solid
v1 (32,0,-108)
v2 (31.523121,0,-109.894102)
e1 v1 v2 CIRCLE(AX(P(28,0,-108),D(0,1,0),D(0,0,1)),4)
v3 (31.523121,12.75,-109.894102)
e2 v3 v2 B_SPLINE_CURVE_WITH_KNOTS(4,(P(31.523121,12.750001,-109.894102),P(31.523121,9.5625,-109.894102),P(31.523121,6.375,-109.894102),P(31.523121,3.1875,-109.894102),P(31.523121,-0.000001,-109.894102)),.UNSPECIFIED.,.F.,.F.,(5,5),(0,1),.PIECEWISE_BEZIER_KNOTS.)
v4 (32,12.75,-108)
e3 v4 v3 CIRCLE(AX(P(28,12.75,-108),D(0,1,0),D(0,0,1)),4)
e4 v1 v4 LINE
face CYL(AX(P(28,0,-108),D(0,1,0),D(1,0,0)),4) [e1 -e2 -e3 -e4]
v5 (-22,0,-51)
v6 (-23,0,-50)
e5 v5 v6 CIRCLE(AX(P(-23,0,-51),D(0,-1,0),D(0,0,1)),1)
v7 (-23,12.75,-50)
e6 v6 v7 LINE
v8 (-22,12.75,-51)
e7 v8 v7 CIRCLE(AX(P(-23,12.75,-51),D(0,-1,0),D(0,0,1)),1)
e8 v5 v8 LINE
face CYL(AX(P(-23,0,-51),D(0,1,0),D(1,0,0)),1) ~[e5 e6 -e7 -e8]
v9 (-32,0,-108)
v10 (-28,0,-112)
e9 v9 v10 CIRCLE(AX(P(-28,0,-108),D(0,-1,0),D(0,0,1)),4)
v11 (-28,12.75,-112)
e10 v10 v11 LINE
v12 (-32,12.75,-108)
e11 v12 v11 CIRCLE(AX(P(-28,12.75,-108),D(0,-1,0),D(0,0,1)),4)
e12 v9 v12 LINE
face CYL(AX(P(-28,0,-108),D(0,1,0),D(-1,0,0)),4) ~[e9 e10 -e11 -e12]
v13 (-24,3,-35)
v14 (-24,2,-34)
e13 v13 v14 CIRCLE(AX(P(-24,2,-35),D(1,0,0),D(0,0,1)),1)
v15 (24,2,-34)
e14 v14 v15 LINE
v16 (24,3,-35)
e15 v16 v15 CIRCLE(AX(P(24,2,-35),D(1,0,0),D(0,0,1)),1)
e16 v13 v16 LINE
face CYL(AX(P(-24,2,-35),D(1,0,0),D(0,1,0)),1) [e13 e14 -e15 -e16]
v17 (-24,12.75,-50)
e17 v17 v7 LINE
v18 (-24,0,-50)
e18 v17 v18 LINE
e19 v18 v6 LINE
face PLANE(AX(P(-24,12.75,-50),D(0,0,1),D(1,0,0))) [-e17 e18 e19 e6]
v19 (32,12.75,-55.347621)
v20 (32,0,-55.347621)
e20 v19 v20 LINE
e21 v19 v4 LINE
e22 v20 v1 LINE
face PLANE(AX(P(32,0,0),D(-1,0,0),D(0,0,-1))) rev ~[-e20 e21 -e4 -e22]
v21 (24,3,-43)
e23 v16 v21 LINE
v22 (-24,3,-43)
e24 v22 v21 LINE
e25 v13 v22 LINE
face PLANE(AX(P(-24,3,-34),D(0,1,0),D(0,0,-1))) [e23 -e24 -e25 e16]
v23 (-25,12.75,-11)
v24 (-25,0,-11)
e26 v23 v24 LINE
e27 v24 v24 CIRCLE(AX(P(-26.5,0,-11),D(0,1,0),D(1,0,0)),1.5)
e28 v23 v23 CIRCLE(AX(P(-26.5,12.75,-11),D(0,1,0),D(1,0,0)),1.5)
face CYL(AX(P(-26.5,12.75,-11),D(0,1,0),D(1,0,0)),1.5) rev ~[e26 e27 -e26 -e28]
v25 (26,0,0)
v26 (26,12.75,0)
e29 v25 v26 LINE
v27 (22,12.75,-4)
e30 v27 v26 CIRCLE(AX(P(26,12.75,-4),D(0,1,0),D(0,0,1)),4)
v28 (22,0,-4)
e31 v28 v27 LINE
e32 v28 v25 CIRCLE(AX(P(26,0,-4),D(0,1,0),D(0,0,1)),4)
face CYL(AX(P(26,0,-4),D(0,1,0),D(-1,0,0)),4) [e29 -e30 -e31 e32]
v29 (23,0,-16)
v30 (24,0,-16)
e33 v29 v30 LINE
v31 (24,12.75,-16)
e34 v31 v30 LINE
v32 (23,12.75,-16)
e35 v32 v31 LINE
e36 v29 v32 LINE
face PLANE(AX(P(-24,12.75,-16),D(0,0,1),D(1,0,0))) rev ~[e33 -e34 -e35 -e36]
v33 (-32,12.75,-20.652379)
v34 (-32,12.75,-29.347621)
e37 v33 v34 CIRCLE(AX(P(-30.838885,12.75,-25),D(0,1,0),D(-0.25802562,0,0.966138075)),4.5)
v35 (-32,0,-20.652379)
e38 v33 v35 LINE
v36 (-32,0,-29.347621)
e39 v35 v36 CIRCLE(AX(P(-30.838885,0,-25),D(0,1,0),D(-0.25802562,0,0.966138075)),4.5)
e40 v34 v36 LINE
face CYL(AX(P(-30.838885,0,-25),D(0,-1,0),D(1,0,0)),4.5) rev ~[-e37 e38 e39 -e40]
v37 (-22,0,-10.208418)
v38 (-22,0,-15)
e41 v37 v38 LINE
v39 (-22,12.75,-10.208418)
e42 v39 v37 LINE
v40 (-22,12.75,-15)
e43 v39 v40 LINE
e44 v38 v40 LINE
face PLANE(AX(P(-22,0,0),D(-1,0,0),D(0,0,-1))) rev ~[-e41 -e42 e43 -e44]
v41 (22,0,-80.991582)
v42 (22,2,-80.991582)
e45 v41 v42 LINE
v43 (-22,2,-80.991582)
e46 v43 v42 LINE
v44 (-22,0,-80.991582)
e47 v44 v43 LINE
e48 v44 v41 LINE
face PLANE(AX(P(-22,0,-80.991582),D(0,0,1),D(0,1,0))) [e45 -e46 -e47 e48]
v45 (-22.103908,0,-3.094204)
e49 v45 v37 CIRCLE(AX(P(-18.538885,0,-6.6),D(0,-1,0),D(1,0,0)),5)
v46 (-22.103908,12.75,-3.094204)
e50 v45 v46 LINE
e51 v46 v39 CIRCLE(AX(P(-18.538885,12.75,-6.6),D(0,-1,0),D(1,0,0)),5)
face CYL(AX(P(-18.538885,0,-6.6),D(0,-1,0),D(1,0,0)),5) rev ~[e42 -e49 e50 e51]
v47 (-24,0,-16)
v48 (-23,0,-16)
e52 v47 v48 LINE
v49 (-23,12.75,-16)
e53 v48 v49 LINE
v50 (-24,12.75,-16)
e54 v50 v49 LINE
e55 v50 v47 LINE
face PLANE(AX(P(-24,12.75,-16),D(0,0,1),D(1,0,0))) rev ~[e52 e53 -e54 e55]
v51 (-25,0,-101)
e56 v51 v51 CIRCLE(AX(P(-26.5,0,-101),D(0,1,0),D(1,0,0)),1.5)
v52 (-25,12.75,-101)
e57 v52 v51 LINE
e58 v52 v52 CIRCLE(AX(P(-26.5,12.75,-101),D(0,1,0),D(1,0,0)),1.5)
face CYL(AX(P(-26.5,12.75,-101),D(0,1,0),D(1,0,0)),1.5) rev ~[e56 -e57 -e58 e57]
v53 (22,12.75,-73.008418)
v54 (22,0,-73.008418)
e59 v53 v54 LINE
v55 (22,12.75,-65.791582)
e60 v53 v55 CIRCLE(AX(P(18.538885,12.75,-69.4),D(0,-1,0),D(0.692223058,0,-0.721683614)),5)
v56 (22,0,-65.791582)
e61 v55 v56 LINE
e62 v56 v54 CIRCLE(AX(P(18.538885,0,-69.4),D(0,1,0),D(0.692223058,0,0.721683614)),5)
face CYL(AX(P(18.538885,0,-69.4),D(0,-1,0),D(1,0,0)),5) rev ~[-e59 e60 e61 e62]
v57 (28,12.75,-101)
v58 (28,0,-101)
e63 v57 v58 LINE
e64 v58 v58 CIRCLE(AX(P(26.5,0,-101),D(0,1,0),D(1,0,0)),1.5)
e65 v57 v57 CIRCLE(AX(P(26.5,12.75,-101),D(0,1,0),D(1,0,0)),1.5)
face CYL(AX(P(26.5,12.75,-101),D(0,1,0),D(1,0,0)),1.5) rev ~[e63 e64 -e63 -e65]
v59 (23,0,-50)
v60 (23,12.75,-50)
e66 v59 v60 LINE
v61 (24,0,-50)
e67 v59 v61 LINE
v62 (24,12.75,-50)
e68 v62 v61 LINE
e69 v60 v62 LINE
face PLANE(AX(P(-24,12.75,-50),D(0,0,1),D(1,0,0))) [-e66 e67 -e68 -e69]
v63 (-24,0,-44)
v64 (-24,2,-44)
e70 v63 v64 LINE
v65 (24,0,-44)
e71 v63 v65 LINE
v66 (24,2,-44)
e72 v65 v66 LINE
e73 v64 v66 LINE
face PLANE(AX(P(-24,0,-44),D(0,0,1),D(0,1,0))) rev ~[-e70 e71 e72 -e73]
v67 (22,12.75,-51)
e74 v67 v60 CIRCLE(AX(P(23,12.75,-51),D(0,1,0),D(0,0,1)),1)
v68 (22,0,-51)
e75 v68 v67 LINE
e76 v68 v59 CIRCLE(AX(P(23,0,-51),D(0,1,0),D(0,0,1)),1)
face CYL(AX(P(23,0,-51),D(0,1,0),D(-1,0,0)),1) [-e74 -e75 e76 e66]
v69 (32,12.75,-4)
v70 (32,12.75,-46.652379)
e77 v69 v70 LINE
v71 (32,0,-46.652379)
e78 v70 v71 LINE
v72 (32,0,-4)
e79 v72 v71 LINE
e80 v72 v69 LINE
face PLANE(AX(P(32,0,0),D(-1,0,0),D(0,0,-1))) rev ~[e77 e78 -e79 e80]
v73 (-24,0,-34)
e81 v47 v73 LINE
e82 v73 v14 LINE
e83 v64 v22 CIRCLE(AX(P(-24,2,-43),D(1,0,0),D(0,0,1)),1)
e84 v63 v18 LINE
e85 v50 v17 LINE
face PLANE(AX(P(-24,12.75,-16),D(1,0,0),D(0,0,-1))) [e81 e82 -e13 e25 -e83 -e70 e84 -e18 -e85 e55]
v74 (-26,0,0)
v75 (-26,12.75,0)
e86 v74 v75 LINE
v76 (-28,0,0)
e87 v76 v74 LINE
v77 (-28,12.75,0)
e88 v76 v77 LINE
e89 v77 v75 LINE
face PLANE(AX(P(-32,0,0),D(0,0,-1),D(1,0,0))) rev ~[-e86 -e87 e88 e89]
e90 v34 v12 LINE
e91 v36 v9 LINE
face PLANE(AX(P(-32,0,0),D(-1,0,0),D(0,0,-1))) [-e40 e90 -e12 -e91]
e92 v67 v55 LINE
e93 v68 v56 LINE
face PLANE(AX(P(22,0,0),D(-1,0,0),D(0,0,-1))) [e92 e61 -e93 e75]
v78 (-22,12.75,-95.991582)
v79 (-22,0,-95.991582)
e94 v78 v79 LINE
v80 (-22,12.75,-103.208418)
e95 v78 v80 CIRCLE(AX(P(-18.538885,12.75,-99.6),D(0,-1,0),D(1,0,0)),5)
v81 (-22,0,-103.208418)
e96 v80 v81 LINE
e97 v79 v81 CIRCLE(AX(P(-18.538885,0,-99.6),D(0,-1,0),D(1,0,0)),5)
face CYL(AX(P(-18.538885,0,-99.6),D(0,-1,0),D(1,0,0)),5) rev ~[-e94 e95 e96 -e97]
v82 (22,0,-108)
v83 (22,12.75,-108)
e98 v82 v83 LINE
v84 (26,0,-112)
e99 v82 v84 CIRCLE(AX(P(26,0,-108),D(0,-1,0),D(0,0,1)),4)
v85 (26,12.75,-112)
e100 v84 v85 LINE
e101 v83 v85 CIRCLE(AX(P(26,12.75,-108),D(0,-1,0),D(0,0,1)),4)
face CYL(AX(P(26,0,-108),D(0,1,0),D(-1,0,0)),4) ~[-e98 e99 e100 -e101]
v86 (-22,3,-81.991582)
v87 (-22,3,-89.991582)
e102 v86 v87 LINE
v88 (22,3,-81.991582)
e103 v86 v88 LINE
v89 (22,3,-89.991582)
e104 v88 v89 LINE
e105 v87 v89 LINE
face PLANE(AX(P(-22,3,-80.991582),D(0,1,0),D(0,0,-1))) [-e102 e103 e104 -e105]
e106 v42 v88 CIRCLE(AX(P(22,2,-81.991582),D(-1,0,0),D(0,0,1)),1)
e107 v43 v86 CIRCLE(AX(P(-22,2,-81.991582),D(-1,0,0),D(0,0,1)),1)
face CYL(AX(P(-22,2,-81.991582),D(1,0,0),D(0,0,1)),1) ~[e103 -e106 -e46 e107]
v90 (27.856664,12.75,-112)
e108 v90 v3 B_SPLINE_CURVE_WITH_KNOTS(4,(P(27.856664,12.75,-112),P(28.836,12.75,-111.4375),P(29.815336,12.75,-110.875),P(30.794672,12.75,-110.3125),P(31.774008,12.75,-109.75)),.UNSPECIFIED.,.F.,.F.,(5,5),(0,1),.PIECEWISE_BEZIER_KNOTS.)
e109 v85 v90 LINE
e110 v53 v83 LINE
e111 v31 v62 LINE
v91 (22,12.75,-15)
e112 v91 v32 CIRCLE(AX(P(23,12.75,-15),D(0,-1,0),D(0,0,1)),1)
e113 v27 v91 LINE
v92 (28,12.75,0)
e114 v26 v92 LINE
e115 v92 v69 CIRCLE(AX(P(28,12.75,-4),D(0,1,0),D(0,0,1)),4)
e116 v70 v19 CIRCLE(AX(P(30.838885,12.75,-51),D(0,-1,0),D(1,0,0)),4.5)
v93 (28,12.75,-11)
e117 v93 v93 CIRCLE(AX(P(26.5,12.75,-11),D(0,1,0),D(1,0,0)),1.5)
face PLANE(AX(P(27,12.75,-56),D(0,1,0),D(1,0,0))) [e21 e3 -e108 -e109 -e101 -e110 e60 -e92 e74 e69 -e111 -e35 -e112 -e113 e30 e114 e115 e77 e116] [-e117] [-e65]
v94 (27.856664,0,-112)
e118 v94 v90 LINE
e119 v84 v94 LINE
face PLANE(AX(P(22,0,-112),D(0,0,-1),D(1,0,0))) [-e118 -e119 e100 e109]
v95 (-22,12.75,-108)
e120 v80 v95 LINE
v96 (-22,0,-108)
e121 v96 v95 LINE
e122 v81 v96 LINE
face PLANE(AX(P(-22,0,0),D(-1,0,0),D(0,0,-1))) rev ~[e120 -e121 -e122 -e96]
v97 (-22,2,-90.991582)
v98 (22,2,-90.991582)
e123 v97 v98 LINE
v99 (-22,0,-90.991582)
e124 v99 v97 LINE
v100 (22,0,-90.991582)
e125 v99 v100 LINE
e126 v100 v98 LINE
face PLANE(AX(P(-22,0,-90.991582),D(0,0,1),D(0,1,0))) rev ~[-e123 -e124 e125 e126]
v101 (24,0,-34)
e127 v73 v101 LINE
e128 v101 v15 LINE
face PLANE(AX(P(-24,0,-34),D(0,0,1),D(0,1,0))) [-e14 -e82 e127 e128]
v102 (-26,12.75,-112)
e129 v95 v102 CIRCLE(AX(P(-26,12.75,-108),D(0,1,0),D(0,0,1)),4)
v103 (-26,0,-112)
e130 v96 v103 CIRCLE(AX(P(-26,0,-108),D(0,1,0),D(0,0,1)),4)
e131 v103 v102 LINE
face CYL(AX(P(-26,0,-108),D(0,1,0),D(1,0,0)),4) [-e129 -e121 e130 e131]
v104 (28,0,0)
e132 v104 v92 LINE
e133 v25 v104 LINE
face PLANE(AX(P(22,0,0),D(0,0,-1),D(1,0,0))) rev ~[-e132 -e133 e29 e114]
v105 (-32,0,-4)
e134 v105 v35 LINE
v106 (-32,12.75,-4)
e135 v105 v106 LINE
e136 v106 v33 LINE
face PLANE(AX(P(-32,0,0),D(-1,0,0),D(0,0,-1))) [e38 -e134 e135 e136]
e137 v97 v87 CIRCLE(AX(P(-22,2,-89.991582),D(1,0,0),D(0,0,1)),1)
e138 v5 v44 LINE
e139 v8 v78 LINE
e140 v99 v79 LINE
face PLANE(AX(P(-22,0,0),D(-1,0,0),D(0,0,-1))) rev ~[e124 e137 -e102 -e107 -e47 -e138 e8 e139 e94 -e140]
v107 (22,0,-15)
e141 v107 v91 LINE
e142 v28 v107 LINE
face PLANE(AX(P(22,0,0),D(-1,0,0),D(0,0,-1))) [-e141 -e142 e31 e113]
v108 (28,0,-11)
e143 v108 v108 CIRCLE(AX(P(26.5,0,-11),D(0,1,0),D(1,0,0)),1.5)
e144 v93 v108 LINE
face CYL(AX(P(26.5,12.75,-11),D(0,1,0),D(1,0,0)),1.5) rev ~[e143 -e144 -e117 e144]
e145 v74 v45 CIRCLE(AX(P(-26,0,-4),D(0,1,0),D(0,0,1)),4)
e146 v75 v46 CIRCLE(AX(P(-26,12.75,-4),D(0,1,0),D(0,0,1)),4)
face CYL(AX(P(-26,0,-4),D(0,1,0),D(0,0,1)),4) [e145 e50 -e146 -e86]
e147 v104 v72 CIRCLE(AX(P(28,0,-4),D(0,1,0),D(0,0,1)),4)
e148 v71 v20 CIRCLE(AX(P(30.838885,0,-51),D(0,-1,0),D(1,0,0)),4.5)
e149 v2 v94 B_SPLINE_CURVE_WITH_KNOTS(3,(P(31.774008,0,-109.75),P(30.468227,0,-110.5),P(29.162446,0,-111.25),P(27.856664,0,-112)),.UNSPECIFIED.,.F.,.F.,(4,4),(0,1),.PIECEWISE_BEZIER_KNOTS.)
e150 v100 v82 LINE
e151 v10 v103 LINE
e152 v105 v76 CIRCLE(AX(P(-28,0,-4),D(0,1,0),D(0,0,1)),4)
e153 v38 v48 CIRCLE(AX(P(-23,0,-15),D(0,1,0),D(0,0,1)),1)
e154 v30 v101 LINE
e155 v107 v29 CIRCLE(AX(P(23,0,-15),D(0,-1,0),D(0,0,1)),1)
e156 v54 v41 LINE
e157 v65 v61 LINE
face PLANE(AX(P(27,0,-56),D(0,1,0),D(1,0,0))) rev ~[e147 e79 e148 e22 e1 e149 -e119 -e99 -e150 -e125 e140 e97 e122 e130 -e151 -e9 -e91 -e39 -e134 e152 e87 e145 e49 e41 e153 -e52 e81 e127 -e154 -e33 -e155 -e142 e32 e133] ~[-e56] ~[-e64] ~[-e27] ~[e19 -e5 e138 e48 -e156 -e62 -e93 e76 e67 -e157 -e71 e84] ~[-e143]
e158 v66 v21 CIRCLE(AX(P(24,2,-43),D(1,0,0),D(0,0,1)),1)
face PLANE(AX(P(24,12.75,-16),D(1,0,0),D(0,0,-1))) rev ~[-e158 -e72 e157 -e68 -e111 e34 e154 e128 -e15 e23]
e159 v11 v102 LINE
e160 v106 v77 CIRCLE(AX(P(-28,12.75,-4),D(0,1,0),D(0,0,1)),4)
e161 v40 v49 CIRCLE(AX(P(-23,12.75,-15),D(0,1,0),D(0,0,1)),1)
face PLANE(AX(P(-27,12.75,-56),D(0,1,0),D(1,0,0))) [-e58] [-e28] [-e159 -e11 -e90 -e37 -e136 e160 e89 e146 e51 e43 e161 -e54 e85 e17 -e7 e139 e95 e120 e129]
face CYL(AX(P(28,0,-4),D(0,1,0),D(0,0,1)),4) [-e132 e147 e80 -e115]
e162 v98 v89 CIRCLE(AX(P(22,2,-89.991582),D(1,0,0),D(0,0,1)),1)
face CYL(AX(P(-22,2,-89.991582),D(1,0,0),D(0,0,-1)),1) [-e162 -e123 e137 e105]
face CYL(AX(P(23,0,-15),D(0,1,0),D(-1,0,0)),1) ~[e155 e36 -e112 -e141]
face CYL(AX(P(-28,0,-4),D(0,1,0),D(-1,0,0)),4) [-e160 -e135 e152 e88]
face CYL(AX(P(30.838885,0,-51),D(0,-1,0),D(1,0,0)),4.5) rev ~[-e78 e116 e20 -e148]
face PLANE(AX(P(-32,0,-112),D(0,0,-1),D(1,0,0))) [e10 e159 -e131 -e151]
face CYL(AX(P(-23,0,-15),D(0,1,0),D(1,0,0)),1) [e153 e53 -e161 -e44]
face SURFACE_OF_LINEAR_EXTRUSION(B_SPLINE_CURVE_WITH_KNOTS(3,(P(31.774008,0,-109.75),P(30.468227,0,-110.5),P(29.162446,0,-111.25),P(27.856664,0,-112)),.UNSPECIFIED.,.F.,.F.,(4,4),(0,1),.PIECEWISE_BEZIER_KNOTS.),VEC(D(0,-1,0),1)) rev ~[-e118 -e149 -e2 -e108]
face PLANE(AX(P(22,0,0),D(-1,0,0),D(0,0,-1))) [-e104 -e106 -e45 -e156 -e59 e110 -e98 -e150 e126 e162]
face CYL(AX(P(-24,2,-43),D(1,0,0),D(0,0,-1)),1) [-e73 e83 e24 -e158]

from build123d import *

# Parameters (mm, degrees)
SKETCH1_W             = 10
SKETCH1_H             = 112
BOSS_EXTRUDE1_DEPTH   = 12.75
BOSS_EXTRUDE1_2_DEPTH = 12.75
FILLET1_R             = 4
FILLET2_R             = 4
SKETCH2_R             = 1.5
SKETCH2_R_2           = 3
CUT_EXTRUDE1_DEPTH    = 13.75
SKETCH3_W             = 48
SKETCH3_H             = 34
CUT_EXTRUDE2_DEPTH    = 12.75
SKETCH4_R             = 5
SKETCH4_R_2           = 4.5
CUT_EXTRUDE3_DEPTH    = 13.75
SKETCH5_W             = 10
SKETCH5_H             = 3
BOSS_EXTRUDE2_DEPTH   = 44
BOSS_EXTRUDE3_REACH   = 58
SKETCH6_W             = 10
SKETCH6_H             = 3
FILLET3_R             = 1


with BuildPart() as part:
    # Sketch1 → Boss-Extrude1 (new body)
    with BuildSketch(Plane(origin=(0, 0, 0), x_dir=(1, 0, 0), z_dir=(0, 1, 0))):
        with Locations((-27, 56)):
            Rectangle(SKETCH1_W, SKETCH1_H)
    extrude(amount=BOSS_EXTRUDE1_DEPTH)

    # Fillet2
    fillet2_edges = [part.edges().sort_by_distance(p)[0] for p in [
        (-22, 6.375, -112),
        (-22, 6.375, 0),
        (-32, 6.375, 0),
        (-32, 6.375, -112),
    ]]
    fillet(fillet2_edges, radius=FILLET2_R)


with BuildPart() as body_2:
    # Sketch1 → Boss-Extrude1 2 (new body)
    with BuildSketch(Plane(origin=(0, 0, 0), x_dir=(1, 0, 0), z_dir=(0, 1, 0))):
        with Locations((27, 56)):
            Rectangle(SKETCH1_W, SKETCH1_H)
    extrude(amount=BOSS_EXTRUDE1_2_DEPTH)

    # Fillet1
    fillet1_edges = [body_2.edges().sort_by_distance(p)[0] for p in [
        (22, 6.375, 0),
        (22, 6.375, -112),
        (32, 6.375, -112),
        (32, 6.375, 0),
    ]]
    fillet(fillet1_edges, radius=FILLET1_R)


with BuildPart() as cut_extrude1_tool:
    # Sketch2 → Cut-Extrude1 (new body, through all)
    with BuildSketch(Plane(origin=(0, 12.75, 0), x_dir=(1, 0, 0), z_dir=(0, 1, 0))):
        with Locations((-26.5, 101)):
            Circle(SKETCH2_R)
        with Locations((26.5, 101)):
            Circle(SKETCH2_R)
        with Locations((26.5, 11)):
            Circle(SKETCH2_R)
        with Locations((-26.5, 11)):
            Circle(SKETCH2_R)
        with Locations((0, 38)):
            Circle(SKETCH2_R_2)
    extrude(amount=-CUT_EXTRUDE1_DEPTH)


with BuildPart() as part_1:
    add(part.part)

    # Cut-Extrude1: cut by cut_extrude1_tool
    add(cut_extrude1_tool.part, mode=Mode.SUBTRACT)


with BuildPart() as body_2_1:
    add(body_2.part)

    # Cut-Extrude1: cut by cut_extrude1_tool
    add(cut_extrude1_tool.part, mode=Mode.SUBTRACT)


with BuildPart() as cut_extrude2_tool:
    # Sketch3 → Cut-Extrude2 (new body)
    with BuildSketch(Plane(origin=(0, 12.75, 0), x_dir=(1, 0, 0), z_dir=(0, 1, 0))):
        with Locations((0, 33)):
            Rectangle(SKETCH3_W, SKETCH3_H)
    extrude(amount=-CUT_EXTRUDE2_DEPTH)


with BuildPart() as part_2:
    add(part_1.part)

    # Cut-Extrude2: cut by cut_extrude2_tool
    add(cut_extrude2_tool.part, mode=Mode.SUBTRACT)


with BuildPart() as body_2_2:
    add(body_2_1.part)

    # Cut-Extrude2: cut by cut_extrude2_tool
    add(cut_extrude2_tool.part, mode=Mode.SUBTRACT)


with BuildPart() as cut_extrude3_tool:
    # Sketch4 → Cut-Extrude3 (new body, through all)
    with BuildSketch(Plane.XZ):
        with Locations((18.538884711, -69.4)):
            Circle(SKETCH4_R)
        with Locations((-18.538884711, -99.6)):
            Circle(SKETCH4_R)
        with Locations((-18.538884711, -6.6)):
            Circle(SKETCH4_R)
        with Locations((30.838884711, -51)):
            Circle(SKETCH4_R_2)
        with Locations((-30.838884711, -25)):
            Circle(SKETCH4_R_2)
        with BuildLine():
            ThreePointArc((31.774007787, -109.75), (30.281326332, -111.686308388), (27.856664361, -112))
            add(Edge.make_bspline(
                [(31.774007787, -109.75), (30.468226645, -110.5), (29.162445503, -111.25), (27.856664361, -112)],
                knots=[0, 0, 0, 0, 1, 1, 1, 1], degree=3))
        make_face()
    extrude(amount=-CUT_EXTRUDE3_DEPTH)


with BuildPart() as part_3:
    add(part_2.part)

    # Cut-Extrude3: cut by cut_extrude3_tool
    add(cut_extrude3_tool.part, mode=Mode.SUBTRACT)



with BuildPart() as body_2_3:
    add(body_2_2.part)

    # Cut-Extrude3: cut by cut_extrude3_tool
    add(cut_extrude3_tool.part, mode=Mode.SUBTRACT)


with BuildPart() as part_4:
    add(part_3.part)

    add(body_2_3.part)  # Boss-Extrude2 merges body 2
    # Sketch5 → Boss-Extrude2 (add)
    with BuildSketch(Plane(origin=(-22, 0, 0), x_dir=(0, 0, -1), z_dir=(1, 0, 0))):
        with Locations((85.991581932, 1.5)):
            Rectangle(SKETCH5_W, SKETCH5_H)
    extrude(amount=BOSS_EXTRUDE2_DEPTH)

    # Sketch6 → Boss-Extrude3 (add, up to next)
    with BuildSketch(Plane(origin=(-24, 0, 0), x_dir=(0, 0, -1), z_dir=(1, 0, 0)), mode=Mode.PRIVATE) as boss_extrude3_sk1:
        with Locations((39, 1.5)):
            Rectangle(SKETCH6_W, SKETCH6_H)
    boss_extrude3_tool1 = extrude(boss_extrude3_sk1.sketch, amount=BOSS_EXTRUDE3_REACH, mode=Mode.PRIVATE) - part_4.part
    add(boss_extrude3_tool1.solids().sort_by_distance((-24, 1.5, -39))[0])

    # Fillet3
    fillet3_edges = [part_4.edges().sort_by_distance(p)[0] for p in [
        (0, 3, -90.991581932),
        (0, 3, -80.991581932),
        (-22, 6.375, -50),
        (-22, 6.375, -16),
        (0, 3, -34),
        (0, 3, -44),
        (22, 6.375, -16),
        (22, 6.375, -50),
    ]]
    fillet(fillet3_edges, radius=FILLET3_R)


solid = part_4.part
